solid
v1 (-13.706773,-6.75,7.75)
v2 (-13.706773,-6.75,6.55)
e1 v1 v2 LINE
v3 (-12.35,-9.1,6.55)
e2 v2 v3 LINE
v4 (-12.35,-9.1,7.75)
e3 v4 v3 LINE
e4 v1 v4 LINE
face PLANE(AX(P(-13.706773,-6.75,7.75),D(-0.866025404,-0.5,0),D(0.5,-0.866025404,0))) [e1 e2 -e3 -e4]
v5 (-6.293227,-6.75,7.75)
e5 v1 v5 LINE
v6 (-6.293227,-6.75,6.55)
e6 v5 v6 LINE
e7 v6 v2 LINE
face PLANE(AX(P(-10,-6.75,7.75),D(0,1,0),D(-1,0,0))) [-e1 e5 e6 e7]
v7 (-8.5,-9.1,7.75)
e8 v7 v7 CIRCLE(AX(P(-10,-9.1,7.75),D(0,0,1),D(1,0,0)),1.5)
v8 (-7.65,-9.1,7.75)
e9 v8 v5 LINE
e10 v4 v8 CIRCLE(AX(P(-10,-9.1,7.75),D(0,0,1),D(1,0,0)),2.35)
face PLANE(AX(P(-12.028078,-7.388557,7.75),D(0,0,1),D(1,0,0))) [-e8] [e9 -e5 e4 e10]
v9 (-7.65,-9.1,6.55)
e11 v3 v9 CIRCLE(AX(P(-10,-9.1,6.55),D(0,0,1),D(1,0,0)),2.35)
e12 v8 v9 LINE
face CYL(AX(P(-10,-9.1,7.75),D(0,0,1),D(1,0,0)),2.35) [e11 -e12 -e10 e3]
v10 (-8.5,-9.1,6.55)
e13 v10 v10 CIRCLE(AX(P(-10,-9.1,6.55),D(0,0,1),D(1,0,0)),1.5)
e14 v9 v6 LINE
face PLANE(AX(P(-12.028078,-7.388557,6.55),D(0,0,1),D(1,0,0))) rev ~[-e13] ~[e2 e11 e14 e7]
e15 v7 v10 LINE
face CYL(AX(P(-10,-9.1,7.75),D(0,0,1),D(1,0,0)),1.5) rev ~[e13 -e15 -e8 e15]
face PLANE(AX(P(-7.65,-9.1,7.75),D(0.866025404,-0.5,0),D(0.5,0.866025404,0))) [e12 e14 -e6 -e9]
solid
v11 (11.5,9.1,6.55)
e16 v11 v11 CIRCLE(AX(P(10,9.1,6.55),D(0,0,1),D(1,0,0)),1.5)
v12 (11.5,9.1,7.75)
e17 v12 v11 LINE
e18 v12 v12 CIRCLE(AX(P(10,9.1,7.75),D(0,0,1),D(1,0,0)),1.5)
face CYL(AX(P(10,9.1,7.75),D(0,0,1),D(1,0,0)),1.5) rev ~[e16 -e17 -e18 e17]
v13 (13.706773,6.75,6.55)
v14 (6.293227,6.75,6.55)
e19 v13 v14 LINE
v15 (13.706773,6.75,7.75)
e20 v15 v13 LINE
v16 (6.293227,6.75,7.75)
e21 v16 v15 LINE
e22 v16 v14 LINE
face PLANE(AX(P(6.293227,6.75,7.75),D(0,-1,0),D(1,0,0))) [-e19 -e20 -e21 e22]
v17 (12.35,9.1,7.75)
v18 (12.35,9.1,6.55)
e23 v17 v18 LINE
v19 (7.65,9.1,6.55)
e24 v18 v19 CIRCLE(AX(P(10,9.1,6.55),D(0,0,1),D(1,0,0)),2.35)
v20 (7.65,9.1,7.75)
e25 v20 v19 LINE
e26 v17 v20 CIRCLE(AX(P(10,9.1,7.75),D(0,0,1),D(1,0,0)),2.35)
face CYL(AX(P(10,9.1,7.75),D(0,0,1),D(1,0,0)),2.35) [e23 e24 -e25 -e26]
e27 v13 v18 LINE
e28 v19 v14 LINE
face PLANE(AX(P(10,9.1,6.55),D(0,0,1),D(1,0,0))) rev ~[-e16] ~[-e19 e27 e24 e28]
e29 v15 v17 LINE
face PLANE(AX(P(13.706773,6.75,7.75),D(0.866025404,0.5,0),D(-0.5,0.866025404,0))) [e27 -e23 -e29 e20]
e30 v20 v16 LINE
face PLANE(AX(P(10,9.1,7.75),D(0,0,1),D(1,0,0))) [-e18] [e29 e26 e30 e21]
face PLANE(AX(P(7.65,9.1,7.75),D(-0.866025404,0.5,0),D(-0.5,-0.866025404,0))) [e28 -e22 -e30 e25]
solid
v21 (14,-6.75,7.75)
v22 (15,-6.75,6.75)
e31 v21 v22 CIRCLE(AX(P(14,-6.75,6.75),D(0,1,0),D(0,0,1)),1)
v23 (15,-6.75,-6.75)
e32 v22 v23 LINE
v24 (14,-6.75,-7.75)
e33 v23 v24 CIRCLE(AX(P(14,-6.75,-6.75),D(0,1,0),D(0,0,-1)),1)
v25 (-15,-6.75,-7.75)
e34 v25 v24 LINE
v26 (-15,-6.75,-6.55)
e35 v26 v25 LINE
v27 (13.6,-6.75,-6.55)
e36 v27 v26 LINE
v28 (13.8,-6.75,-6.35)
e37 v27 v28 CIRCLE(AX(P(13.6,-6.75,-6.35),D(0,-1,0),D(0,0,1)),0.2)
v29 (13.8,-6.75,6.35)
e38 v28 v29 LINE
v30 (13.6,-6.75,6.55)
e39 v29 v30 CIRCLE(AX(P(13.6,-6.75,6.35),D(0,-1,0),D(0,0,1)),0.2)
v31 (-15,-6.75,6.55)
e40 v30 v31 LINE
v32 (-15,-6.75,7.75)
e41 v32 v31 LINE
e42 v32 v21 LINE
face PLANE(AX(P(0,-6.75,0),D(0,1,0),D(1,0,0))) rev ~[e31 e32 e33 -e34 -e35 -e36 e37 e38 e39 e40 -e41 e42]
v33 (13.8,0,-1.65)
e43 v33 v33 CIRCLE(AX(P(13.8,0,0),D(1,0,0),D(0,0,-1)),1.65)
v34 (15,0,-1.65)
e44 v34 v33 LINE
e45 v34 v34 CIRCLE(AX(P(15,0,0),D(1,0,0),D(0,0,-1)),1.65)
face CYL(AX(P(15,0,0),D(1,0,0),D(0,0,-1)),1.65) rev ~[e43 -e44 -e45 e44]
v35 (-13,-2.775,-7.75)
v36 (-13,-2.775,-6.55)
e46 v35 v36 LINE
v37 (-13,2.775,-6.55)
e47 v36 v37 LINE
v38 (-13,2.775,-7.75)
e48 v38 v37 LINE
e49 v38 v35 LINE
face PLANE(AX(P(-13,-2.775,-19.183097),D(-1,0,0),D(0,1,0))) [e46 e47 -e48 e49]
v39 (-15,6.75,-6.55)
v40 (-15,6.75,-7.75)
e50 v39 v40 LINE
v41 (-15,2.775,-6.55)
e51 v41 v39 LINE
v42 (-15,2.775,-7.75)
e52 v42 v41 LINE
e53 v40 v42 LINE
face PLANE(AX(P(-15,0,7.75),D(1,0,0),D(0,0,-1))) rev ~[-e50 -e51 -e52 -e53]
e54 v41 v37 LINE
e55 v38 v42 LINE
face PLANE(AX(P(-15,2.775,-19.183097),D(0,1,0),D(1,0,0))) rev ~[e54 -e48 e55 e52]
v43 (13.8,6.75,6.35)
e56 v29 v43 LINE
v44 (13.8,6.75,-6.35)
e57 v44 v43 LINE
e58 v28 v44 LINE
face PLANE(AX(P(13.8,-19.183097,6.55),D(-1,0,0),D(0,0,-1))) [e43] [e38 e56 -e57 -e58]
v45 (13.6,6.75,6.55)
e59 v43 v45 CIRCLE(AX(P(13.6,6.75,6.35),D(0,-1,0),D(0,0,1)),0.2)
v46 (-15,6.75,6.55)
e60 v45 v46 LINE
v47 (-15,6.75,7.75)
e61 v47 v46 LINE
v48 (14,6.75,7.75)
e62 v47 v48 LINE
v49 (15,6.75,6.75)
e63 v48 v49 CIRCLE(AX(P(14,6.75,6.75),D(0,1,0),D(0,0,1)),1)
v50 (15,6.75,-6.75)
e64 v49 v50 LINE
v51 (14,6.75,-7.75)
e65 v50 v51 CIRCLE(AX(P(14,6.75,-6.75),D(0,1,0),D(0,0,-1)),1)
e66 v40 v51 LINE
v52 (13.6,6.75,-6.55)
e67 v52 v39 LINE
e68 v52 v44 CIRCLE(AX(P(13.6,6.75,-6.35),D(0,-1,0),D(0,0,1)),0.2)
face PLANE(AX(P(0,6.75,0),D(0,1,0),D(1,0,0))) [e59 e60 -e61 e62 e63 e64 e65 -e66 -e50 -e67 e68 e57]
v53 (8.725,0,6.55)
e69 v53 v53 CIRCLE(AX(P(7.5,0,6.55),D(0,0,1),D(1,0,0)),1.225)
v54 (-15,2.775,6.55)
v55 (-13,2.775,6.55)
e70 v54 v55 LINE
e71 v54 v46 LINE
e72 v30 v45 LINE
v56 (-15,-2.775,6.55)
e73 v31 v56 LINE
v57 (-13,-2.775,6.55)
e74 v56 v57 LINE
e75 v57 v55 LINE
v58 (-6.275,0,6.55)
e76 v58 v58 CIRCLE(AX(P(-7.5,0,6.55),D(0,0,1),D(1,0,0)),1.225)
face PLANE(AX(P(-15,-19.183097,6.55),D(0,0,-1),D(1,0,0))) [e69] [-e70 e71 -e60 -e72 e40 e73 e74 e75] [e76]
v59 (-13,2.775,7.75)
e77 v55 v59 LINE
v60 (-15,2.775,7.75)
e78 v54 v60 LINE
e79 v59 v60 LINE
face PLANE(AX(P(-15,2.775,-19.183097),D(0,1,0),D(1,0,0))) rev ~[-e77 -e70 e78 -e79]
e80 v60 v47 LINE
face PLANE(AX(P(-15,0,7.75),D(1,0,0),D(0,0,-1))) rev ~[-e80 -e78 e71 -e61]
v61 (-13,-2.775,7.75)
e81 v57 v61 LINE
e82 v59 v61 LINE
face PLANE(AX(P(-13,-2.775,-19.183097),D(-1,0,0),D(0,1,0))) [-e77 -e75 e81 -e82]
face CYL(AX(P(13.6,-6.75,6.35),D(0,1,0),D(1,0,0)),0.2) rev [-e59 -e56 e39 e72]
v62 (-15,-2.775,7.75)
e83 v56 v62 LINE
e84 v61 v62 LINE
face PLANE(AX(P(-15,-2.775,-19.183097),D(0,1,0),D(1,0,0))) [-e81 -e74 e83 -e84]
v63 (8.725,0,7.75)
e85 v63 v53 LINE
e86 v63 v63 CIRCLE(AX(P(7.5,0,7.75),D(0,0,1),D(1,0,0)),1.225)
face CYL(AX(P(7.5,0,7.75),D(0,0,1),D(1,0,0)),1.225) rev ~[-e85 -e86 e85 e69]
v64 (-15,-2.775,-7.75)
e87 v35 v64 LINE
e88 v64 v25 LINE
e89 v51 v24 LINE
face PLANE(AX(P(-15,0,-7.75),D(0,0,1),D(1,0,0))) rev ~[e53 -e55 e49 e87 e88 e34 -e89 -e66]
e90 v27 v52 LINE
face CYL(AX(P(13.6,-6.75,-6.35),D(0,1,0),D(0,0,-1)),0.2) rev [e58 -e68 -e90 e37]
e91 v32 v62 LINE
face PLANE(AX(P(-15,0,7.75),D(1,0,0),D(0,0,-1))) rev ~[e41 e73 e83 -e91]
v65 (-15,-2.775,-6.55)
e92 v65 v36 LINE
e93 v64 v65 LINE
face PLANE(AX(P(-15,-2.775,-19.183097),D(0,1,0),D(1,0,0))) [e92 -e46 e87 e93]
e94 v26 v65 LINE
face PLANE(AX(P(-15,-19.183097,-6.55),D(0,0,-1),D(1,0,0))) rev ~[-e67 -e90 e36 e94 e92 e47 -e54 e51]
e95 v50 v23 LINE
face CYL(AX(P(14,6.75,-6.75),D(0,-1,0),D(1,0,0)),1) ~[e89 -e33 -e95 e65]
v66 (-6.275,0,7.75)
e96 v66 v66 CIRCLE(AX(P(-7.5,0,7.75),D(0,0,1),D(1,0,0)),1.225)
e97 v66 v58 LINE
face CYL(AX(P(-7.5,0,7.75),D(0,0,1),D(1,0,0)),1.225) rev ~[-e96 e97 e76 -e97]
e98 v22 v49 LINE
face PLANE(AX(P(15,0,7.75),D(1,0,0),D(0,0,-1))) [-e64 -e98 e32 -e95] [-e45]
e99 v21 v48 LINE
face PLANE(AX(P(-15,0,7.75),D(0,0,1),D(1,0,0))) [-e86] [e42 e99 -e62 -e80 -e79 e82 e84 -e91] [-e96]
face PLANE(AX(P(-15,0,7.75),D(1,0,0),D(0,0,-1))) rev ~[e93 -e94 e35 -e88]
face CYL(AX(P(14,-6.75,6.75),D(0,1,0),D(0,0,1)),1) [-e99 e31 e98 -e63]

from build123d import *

# Parameters (mm, degrees)
CROQUIS1_W                 = 30
CROQUIS1_H                 = 15.5
SALIENTE_EXTRUIR1_DEPTH    = 6.75
CORTAR_EXTRUIR1_DEPTH      = 19.183096546
CORTAR_EXTRUIR1_DEPTH_BACK = 19.183096546
CROQUIS2_W                 = 28.8
CROQUIS2_H                 = 13.1
CORTAR_EXTRUIR2_REACH      = 33.712
CROQUIS3_R                 = 1.65
REDONDEO1_R                = 1
REDONDEO2_R                = 0.2
CORTAR_EXTRUIR3_DEPTH      = 19.183096546
CORTAR_EXTRUIR3_DEPTH_BACK = 19.183096546
CROQUIS4_W                 = 2
CROQUIS4_H                 = 5.55
CORTAR_EXTRUIR4_REACH      = 24.601
CROQUIS5_R                 = 1.225
SKETCH1_R                  = 2.35
SKETCH1_R_2                = 1.5
BOSS_EXTRUDE2_DEPTH        = 1.2


with BuildPart() as part:
    # Croquis1 → Saliente-Extruir1 (new, symmetric)
    with BuildSketch(Plane(origin=(0, 0, 0), x_dir=(1, 0, 0), z_dir=(0, 1, 0))):
        Rectangle(CROQUIS1_W, CROQUIS1_H)
    extrude(amount=SALIENTE_EXTRUIR1_DEPTH, both=True)

    # Croquis2 → Cortar-Extruir1 (cut, two sides: drawn at the far end of the back side and taken through both)
    with BuildSketch(Plane(origin=(0, 0, 0), x_dir=(1, 0, 0), z_dir=(0, 1, 0)).offset(-CORTAR_EXTRUIR1_DEPTH_BACK)):
        with Locations((-0.6, 0)):
            Rectangle(CROQUIS2_W, CROQUIS2_H)
    extrude(amount=CORTAR_EXTRUIR1_DEPTH + CORTAR_EXTRUIR1_DEPTH_BACK, mode=Mode.SUBTRACT)

    # Croquis3 → Cortar-Extruir2 (cut, up to next)
    with BuildSketch(Plane(origin=(15, 0, 0), x_dir=(0, 0, -1), z_dir=(1, 0, 0)), mode=Mode.PRIVATE) as cortar_extruir2_sk1:
        Circle(CROQUIS3_R)
    cortar_extruir2_tool1 = extrude(cortar_extruir2_sk1.sketch, amount=-CORTAR_EXTRUIR2_REACH, mode=Mode.PRIVATE) & part.part
    add(cortar_extruir2_tool1.solids().sort_by_distance((15, 0, 0))[0], mode=Mode.SUBTRACT)

    # Redondeo1
    redondeo1_edges = [part.edges().sort_by_distance(p)[0] for p in [
        (15, 0, -7.75),
        (15, 0, 7.75),
    ]]
    fillet(redondeo1_edges, radius=REDONDEO1_R)

    # Redondeo2
    redondeo2_edges = [part.edges().sort_by_distance(p)[0] for p in [
        (13.8, 0, -6.55),
        (13.8, 0, 6.55),
    ]]
    fillet(redondeo2_edges, radius=REDONDEO2_R)

    # Croquis4 → Cortar-Extruir3 (cut, two sides: drawn at the far end of the back side and taken through both)
    with BuildSketch(Plane.XY.offset(-CORTAR_EXTRUIR3_DEPTH_BACK)):
        with Locations((-14, 0)):
            Rectangle(CROQUIS4_W, CROQUIS4_H)
    extrude(amount=CORTAR_EXTRUIR3_DEPTH + CORTAR_EXTRUIR3_DEPTH_BACK, mode=Mode.SUBTRACT)

    # Croquis5 → Cortar-Extruir4 (cut, up to next)
    with BuildSketch(Plane.XY.offset(7.75), mode=Mode.PRIVATE) as cortar_extruir4_sk1:
        with Locations((-7.5, 0)):
            Circle(CROQUIS5_R)
    cortar_extruir4_tool1 = extrude(cortar_extruir4_sk1.sketch, amount=-CORTAR_EXTRUIR4_REACH, mode=Mode.PRIVATE) & part.part
    # Croquis5 → Cortar-Extruir4 (cut, up to next)
    with BuildSketch(Plane.XY.offset(7.75), mode=Mode.PRIVATE) as cortar_extruir4_sk2:
        with Locations((7.5, 0)):
            Circle(CROQUIS5_R)
    cortar_extruir4_tool2 = extrude(cortar_extruir4_sk2.sketch, amount=-CORTAR_EXTRUIR4_REACH, mode=Mode.PRIVATE) & part.part
    add(cortar_extruir4_tool1.solids().sort_by_distance((-7.5, 0, 7.75))[0], mode=Mode.SUBTRACT)
    add(cortar_extruir4_tool2.solids().sort_by_distance((7.5, 0, 7.75))[0], mode=Mode.SUBTRACT)


with BuildPart() as body_2:
    # Sketch1 → Boss-Extrude2 (new body)
    # profile 1 of 6: a face of its own
    with BuildSketch(Plane.XY.offset(7.75)):
        with Locations((10, 9.1)):
            Circle(SKETCH1_R)
        with Locations((10, 9.1)):
            Circle(SKETCH1_R_2, mode=Mode.SUBTRACT)
    # profile 2 of 6: a face of its own
    with BuildSketch(Plane.XY.offset(7.75)):
        with BuildLine():
            Line((13.706773133, 6.75), (12.35, 9.1))
            ThreePointArc((12.35, 9.1), (11.661700931, 7.438299059), (9.999999986, 6.75))
            Line((9.999999986, 6.75), (13.706773133, 6.75))
        make_face()
    # profile 3 of 6: a face of its own
    with BuildSketch(Plane.XY.offset(7.75)):
        with BuildLine():
            ThreePointArc((9.999999986, 6.75), (8.338299059, 7.438299069), (7.65, 9.1))
            Line((7.65, 9.1), (6.293226867, 6.75))
            Line((6.293226867, 6.75), (9.999999986, 6.75))
        make_face()
    # profile 4 of 6: a face of its own
    with BuildSketch(Plane.XY.offset(7.75)):
        with BuildLine():
            ThreePointArc((-10, -6.75), (-8.338299064, -7.438299064), (-7.65, -9.1))
            Line((-7.65, -9.1), (-6.293226867, -6.75))
            Line((-6.293226867, -6.75), (-10, -6.75))
        make_face()
    # profile 5 of 6: a face of its own
    with BuildSketch(Plane.XY.offset(7.75)):
        with Locations((-10, -9.1)):
            Circle(SKETCH1_R)
        with Locations((-10, -9.1)):
            Circle(SKETCH1_R_2, mode=Mode.SUBTRACT)
    # profile 6 of 6: a face of its own
    with BuildSketch(Plane.XY.offset(7.75)):
        with BuildLine():
            Line((-13.706773133, -6.75), (-12.35, -9.1))
            ThreePointArc((-12.35, -9.1), (-11.661700936, -7.438299064), (-10, -6.75))
            Line((-10, -6.75), (-13.706773133, -6.75))
        make_face()
    extrude(amount=-BOSS_EXTRUDE2_DEPTH)


solid = Compound([part.part, body_2.part])
